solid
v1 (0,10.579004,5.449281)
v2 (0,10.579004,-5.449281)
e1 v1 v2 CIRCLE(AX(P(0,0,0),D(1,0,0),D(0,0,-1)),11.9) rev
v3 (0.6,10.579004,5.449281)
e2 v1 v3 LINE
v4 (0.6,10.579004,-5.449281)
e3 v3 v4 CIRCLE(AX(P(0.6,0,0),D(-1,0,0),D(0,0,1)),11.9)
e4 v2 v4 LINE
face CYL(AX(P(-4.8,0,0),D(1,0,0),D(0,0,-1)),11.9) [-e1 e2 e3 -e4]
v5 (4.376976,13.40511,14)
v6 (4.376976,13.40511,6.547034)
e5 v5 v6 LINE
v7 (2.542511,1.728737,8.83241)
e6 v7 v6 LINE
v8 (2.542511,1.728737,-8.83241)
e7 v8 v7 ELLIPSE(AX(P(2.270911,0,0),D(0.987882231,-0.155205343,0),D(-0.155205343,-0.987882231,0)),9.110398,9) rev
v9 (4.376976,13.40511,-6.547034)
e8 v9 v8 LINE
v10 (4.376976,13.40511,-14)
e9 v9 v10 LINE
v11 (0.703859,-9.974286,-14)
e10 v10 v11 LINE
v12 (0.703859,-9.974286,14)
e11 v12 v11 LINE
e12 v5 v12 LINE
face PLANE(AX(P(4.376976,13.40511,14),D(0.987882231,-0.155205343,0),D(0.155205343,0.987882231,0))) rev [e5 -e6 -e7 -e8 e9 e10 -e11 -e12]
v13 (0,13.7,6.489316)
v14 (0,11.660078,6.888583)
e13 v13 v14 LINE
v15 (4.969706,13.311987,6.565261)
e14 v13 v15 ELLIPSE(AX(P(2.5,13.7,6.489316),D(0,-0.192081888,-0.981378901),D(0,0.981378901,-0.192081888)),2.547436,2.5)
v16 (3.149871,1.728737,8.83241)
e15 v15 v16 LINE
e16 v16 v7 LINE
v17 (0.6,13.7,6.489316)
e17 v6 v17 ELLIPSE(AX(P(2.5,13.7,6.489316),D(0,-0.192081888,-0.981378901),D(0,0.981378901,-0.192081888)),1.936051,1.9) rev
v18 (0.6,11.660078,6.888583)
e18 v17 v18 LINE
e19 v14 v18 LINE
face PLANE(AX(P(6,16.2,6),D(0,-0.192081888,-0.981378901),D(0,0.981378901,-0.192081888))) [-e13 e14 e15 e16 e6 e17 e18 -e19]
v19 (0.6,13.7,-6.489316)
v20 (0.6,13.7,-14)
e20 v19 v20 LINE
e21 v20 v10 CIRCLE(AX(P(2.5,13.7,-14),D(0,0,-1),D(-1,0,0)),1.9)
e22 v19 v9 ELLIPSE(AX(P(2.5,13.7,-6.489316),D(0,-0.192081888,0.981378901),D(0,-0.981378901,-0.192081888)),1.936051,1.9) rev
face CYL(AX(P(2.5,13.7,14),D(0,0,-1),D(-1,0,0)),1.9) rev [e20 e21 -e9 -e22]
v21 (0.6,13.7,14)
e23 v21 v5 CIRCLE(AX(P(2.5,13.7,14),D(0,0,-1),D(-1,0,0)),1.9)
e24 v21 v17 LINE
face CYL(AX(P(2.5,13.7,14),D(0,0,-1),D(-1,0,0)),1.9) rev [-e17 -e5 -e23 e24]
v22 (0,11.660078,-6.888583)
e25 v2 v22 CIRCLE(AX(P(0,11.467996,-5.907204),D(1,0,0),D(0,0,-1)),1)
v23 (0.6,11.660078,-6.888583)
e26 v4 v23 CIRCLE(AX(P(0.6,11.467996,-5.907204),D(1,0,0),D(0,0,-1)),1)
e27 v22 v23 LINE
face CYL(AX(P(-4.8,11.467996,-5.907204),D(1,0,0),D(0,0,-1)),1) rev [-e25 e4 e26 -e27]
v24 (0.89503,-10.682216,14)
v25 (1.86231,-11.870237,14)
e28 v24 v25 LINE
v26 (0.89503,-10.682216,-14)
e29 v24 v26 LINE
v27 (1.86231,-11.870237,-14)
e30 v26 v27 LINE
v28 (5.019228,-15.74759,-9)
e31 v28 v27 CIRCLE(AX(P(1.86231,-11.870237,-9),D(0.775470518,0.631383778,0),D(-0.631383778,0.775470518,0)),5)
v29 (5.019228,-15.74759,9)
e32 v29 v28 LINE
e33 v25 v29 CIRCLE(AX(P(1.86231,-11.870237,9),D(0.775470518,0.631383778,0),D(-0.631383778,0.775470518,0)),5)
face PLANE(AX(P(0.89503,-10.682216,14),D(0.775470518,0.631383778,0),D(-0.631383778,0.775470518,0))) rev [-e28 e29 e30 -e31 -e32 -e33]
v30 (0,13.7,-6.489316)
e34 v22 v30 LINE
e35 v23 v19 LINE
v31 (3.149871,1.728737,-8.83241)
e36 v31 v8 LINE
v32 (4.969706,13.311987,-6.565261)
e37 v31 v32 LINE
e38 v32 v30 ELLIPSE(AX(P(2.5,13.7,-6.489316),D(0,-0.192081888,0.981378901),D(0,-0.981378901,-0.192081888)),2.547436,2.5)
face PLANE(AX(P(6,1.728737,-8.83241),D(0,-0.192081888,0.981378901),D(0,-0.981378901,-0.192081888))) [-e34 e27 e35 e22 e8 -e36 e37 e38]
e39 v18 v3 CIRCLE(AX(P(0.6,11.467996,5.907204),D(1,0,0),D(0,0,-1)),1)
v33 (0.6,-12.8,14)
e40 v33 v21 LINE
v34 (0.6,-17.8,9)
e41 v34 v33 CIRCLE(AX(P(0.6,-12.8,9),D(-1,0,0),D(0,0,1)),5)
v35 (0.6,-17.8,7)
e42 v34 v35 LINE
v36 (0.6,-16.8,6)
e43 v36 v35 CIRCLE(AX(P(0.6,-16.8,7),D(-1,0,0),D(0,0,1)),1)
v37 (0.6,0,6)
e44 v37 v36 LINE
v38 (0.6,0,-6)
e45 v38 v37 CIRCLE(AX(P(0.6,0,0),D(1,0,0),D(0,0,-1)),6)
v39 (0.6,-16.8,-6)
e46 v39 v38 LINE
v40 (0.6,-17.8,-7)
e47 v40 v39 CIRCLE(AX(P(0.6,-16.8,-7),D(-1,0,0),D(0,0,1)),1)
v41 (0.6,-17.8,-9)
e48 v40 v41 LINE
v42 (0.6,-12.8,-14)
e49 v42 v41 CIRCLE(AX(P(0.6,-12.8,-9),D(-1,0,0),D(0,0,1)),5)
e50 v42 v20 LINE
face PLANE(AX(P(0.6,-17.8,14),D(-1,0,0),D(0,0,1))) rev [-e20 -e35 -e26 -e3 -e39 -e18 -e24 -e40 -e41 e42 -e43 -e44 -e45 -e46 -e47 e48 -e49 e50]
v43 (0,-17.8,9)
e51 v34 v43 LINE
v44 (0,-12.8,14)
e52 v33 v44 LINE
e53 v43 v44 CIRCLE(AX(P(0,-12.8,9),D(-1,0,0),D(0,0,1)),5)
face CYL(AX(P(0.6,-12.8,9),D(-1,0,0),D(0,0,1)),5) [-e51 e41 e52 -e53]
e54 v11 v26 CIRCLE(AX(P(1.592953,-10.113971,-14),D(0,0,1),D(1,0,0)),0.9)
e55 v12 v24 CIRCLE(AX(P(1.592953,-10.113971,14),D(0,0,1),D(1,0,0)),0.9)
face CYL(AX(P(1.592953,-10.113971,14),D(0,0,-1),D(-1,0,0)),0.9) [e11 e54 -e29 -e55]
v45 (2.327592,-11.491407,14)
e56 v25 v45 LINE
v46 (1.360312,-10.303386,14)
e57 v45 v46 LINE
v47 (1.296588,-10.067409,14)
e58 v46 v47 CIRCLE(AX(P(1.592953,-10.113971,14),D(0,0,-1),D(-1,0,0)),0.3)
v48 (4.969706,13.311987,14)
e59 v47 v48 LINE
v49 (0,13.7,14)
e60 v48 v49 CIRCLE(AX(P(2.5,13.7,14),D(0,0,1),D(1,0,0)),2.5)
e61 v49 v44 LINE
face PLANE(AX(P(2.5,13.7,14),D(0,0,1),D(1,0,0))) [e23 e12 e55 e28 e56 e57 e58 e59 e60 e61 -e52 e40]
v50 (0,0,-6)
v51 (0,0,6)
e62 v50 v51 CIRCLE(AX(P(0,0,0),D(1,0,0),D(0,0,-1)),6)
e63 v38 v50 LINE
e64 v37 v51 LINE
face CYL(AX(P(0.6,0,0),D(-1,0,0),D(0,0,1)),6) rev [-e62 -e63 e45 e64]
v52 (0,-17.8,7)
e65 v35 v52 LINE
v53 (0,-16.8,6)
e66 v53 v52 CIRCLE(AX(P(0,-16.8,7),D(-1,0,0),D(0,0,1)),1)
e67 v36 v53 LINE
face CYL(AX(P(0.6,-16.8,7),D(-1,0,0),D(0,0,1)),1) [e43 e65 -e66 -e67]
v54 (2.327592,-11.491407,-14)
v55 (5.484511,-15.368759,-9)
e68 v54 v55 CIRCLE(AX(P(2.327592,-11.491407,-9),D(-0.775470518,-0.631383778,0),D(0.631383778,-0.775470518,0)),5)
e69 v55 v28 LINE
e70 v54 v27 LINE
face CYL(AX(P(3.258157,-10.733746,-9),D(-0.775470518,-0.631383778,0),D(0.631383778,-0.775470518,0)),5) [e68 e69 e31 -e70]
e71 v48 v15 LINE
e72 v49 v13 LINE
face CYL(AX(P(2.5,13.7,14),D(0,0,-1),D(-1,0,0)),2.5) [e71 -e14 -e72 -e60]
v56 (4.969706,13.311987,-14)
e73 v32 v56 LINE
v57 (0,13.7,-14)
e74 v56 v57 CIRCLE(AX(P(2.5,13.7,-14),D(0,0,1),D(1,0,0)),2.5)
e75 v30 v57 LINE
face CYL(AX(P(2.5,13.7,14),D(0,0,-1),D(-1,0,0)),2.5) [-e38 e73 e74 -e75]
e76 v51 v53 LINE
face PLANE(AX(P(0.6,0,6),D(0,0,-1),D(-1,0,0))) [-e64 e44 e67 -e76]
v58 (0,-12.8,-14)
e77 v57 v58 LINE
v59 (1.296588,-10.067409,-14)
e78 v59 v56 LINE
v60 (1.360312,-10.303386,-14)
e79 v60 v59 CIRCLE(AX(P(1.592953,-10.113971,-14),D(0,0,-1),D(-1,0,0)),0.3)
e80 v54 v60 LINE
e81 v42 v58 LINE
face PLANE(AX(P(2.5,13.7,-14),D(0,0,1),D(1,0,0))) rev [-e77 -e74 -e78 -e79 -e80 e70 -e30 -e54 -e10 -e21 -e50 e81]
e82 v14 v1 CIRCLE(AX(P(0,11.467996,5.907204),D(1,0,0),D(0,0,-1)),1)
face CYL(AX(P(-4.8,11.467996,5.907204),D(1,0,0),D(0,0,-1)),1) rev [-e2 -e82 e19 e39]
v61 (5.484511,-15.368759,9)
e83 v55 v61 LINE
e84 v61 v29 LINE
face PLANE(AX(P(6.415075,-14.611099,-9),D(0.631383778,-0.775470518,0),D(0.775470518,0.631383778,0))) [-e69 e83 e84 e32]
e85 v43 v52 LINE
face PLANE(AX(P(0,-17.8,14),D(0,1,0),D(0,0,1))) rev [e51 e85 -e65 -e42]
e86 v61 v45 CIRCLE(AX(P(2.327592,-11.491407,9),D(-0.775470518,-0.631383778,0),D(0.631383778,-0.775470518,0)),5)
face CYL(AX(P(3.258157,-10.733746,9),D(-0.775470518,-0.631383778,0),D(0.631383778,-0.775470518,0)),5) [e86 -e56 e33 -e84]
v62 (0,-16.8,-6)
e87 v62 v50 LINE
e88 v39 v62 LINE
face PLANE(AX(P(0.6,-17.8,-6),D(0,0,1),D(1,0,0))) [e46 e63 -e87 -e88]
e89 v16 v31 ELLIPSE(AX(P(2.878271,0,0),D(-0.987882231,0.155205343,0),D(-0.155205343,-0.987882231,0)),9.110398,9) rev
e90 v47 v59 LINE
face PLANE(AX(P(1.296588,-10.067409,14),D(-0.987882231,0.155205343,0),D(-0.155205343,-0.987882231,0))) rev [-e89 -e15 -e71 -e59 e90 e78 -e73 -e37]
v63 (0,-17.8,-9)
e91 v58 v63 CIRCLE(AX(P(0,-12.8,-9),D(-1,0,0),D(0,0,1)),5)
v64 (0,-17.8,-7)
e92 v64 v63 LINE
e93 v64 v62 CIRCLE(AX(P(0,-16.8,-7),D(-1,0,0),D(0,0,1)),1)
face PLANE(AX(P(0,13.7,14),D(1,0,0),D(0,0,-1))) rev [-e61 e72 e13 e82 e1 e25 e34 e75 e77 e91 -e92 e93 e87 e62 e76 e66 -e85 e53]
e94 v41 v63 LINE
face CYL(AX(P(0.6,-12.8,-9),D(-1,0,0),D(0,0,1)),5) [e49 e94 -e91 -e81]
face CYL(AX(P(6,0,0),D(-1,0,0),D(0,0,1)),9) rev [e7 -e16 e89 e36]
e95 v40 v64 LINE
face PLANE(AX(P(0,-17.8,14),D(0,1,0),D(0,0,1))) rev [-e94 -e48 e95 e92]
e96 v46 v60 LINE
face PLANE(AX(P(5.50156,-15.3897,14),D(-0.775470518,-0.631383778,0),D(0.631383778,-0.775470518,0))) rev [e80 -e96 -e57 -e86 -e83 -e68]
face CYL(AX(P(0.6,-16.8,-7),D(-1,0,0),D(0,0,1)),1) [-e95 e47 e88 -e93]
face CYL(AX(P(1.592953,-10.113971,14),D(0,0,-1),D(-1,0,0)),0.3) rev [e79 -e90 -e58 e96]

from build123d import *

# Parameters (mm, degrees)
BOSS_EXTRUDE1_DEPTH      = 14
BOSS_EXTRUDE1_DEPTH_BACK = 14
CUT_EXTRUDE1_DEPTH       = 0.6
CUT_EXTRUDE2_DEPTH       = 5.4
CUT_EXTRUDE3_DEPTH       = 5.4
CUT_EXTRUDE4_DEPTH       = 0.6
CUT_EXTRUDE5_DEPTH       = 0.6
CUT_EXTRUDE6_DEPTH       = 0.6
CUT_EXTRUDE7_DEPTH       = 0.6
CUT_EXTRUDE8_DEPTH       = 1.2
CUT_EXTRUDE8_DEPTH_BACK  = 1.2


with BuildPart() as part:
    # Sketch1 → Boss-Extrude1 (new, two sides: drawn at the far end of the back side and taken through both)
    with BuildSketch(Plane.XY.offset(-BOSS_EXTRUDE1_DEPTH_BACK)):
        with BuildLine():
            Line((0, 13.7), (0, -17.8))
            Line((0, -17.8), (0.6, -17.8))
            Line((0.6, -17.8), (0.6, 13.7))
            ThreePointArc((0.6, 13.7), (2.647893792, 15.594235314), (4.376976238, 13.405109849))
            Line((4.376976238, 13.405109849), (0.703859087, -9.974286111))
            ThreePointArc((0.703859087, -9.974286111), (0.724075997, -10.348603801), (0.895029628, -10.682216319))
            Line((0.895029628, -10.682216319), (5.036277977, -15.76853009))
            Line((5.036277977, -15.76853009), (5.501560288, -15.389699824))
            Line((5.501560288, -15.389699824), (1.360311939, -10.303386053))
            ThreePointArc((1.360311939, -10.303386053), (1.303327395, -10.19218188), (1.296588425, -10.067409316))
            Line((1.296588425, -10.067409316), (4.969705577, 13.311986643))
            ThreePointArc((4.969705577, 13.311986643), (2.694597095, 16.192414887), (0, 13.7))
        make_face()
    extrude(amount=BOSS_EXTRUDE1_DEPTH + BOSS_EXTRUDE1_DEPTH_BACK)

    # Sketch2 → Cut-Extrude1 (cut)
    with BuildSketch(Plane(origin=(0, 0, 0), x_dir=(0, 0, -1), z_dir=(1, 0, 0))):
        with BuildLine():
            Line((-6, 0), (-6, -17.8))
            Line((-6, -17.8), (6, -17.8))
            Line((6, -17.8), (6, 0))
            ThreePointArc((6, 0), (0, 6), (-6, 0))
        make_face()
    extrude(amount=CUT_EXTRUDE1_DEPTH, mode=Mode.SUBTRACT)

    # Sketch3 → Cut-Extrude2 (cut)
    with BuildSketch(Plane(origin=(0.6, 0, 0), x_dir=(0, 0, -1), z_dir=(1, 0, 0))):
        with BuildLine():
            Line((8.832410113, 1.728736995), (6, 16.2))
            Line((6, 16.2), (-6, 16.2))
            Line((-6, 16.2), (-8.832410113, 1.728736995))
            ThreePointArc((-8.832410113, 1.728736995), (0, -9), (8.832410113, 1.728736995))
        make_face()
    extrude(amount=CUT_EXTRUDE2_DEPTH, mode=Mode.SUBTRACT)

    # Sketch4 → Cut-Extrude3 (cut)
    with BuildSketch(Plane(origin=(0.6, 0, 0), x_dir=(0, 0, -1), z_dir=(1, 0, 0))):
        with BuildLine():
            Line((6.88858316, 11.660078132), (6, 16.2))
            Line((6, 16.2), (-6, 16.2))
            Line((-6, 16.2), (-6.88858316, 11.660078132))
            ThreePointArc((-6.88858316, 11.660078132), (-6.507772079, 10.668422424), (-5.449281397, 10.579004313))
            ThreePointArc((-5.449281397, 10.579004313), (2.9e-08, 11.9), (5.449281448, 10.579004287))
            ThreePointArc((5.449281448, 10.579004287), (6.507772102, 10.668422441), (6.88858316, 11.660078132))
        make_face()
    extrude(amount=-CUT_EXTRUDE3_DEPTH, mode=Mode.SUBTRACT)

    # Sketch5 → Cut-Extrude4 (cut)
    with BuildSketch(Plane(origin=(0, 0, 0), x_dir=(0, 0, -1), z_dir=(1, 0, 0))):
        with BuildLine():
            Line((-14, -17.8), (-9, -17.8))
            ThreePointArc((-9, -17.8), (-12.535533906, -16.335533906), (-14, -12.8))
            Line((-14, -12.8), (-14, -17.8))
        make_face()
    extrude(amount=CUT_EXTRUDE4_DEPTH, mode=Mode.SUBTRACT)

    # Sketch6 → Cut-Extrude5 (cut)
    with BuildSketch(Plane(origin=(0, 0, 0), x_dir=(0, 0, -1), z_dir=(1, 0, 0))):
        with BuildLine():
            Line((9, -17.8), (14, -17.8))
            Line((14, -17.8), (14, -12.8))
            ThreePointArc((14, -12.8), (12.535533906, -16.335533906), (9, -17.8))
        make_face()
    extrude(amount=CUT_EXTRUDE5_DEPTH, mode=Mode.SUBTRACT)

    # Sketch7 → Cut-Extrude6 (cut)
    with BuildSketch(Plane(origin=(0, 0, 0), x_dir=(0, 0, -1), z_dir=(1, 0, 0))):
        with BuildLine():
            Line((6, -17.8), (7, -17.8))
            ThreePointArc((7, -17.8), (6.292893219, -17.507106781), (6, -16.8))
            Line((6, -16.8), (6, -17.8))
        make_face()
    extrude(amount=CUT_EXTRUDE6_DEPTH, mode=Mode.SUBTRACT)

    # Sketch8 → Cut-Extrude7 (cut)
    with BuildSketch(Plane(origin=(0, 0, 0), x_dir=(0, 0, -1), z_dir=(1, 0, 0))):
        with BuildLine():
            Line((-7, -17.8), (-6, -17.8))
            Line((-6, -17.8), (-6, -16.8))
            ThreePointArc((-6, -16.8), (-6.292893219, -17.507106781), (-7, -17.8))
        make_face()
    extrude(amount=CUT_EXTRUDE7_DEPTH, mode=Mode.SUBTRACT)

    # Sketch9 → Cut-Extrude8 (cut, two sides: drawn at the far end of the back side and taken through both)
    with BuildSketch(Plane(origin=(-4.226709045, -3.441362969, 0), x_dir=(0, 0, -1), z_dir=(0.7754705184321754, 0.6313837779374231, 0)).offset(-CUT_EXTRUDE8_DEPTH_BACK)):
        with BuildLine():
            Line((-14, -10.380851015), (-19, -10.380851015))
            Line((-19, -10.380851015), (-19, -20.380851015))
            Line((-19, -20.380851015), (19, -20.380851015))
            Line((19, -20.380851015), (19, -10.380851015))
            Line((19, -10.380851015), (14, -10.380851015))
            ThreePointArc((14, -10.380851015), (12.535533906, -13.916384921), (9, -15.380851015))
            Line((9, -15.380851015), (-9, -15.380851015))
            ThreePointArc((-9, -15.380851015), (-12.535533906, -13.916384921), (-14, -10.380851015))
        make_face()
    extrude(amount=CUT_EXTRUDE8_DEPTH + CUT_EXTRUDE8_DEPTH_BACK, mode=Mode.SUBTRACT)


solid = part.part
